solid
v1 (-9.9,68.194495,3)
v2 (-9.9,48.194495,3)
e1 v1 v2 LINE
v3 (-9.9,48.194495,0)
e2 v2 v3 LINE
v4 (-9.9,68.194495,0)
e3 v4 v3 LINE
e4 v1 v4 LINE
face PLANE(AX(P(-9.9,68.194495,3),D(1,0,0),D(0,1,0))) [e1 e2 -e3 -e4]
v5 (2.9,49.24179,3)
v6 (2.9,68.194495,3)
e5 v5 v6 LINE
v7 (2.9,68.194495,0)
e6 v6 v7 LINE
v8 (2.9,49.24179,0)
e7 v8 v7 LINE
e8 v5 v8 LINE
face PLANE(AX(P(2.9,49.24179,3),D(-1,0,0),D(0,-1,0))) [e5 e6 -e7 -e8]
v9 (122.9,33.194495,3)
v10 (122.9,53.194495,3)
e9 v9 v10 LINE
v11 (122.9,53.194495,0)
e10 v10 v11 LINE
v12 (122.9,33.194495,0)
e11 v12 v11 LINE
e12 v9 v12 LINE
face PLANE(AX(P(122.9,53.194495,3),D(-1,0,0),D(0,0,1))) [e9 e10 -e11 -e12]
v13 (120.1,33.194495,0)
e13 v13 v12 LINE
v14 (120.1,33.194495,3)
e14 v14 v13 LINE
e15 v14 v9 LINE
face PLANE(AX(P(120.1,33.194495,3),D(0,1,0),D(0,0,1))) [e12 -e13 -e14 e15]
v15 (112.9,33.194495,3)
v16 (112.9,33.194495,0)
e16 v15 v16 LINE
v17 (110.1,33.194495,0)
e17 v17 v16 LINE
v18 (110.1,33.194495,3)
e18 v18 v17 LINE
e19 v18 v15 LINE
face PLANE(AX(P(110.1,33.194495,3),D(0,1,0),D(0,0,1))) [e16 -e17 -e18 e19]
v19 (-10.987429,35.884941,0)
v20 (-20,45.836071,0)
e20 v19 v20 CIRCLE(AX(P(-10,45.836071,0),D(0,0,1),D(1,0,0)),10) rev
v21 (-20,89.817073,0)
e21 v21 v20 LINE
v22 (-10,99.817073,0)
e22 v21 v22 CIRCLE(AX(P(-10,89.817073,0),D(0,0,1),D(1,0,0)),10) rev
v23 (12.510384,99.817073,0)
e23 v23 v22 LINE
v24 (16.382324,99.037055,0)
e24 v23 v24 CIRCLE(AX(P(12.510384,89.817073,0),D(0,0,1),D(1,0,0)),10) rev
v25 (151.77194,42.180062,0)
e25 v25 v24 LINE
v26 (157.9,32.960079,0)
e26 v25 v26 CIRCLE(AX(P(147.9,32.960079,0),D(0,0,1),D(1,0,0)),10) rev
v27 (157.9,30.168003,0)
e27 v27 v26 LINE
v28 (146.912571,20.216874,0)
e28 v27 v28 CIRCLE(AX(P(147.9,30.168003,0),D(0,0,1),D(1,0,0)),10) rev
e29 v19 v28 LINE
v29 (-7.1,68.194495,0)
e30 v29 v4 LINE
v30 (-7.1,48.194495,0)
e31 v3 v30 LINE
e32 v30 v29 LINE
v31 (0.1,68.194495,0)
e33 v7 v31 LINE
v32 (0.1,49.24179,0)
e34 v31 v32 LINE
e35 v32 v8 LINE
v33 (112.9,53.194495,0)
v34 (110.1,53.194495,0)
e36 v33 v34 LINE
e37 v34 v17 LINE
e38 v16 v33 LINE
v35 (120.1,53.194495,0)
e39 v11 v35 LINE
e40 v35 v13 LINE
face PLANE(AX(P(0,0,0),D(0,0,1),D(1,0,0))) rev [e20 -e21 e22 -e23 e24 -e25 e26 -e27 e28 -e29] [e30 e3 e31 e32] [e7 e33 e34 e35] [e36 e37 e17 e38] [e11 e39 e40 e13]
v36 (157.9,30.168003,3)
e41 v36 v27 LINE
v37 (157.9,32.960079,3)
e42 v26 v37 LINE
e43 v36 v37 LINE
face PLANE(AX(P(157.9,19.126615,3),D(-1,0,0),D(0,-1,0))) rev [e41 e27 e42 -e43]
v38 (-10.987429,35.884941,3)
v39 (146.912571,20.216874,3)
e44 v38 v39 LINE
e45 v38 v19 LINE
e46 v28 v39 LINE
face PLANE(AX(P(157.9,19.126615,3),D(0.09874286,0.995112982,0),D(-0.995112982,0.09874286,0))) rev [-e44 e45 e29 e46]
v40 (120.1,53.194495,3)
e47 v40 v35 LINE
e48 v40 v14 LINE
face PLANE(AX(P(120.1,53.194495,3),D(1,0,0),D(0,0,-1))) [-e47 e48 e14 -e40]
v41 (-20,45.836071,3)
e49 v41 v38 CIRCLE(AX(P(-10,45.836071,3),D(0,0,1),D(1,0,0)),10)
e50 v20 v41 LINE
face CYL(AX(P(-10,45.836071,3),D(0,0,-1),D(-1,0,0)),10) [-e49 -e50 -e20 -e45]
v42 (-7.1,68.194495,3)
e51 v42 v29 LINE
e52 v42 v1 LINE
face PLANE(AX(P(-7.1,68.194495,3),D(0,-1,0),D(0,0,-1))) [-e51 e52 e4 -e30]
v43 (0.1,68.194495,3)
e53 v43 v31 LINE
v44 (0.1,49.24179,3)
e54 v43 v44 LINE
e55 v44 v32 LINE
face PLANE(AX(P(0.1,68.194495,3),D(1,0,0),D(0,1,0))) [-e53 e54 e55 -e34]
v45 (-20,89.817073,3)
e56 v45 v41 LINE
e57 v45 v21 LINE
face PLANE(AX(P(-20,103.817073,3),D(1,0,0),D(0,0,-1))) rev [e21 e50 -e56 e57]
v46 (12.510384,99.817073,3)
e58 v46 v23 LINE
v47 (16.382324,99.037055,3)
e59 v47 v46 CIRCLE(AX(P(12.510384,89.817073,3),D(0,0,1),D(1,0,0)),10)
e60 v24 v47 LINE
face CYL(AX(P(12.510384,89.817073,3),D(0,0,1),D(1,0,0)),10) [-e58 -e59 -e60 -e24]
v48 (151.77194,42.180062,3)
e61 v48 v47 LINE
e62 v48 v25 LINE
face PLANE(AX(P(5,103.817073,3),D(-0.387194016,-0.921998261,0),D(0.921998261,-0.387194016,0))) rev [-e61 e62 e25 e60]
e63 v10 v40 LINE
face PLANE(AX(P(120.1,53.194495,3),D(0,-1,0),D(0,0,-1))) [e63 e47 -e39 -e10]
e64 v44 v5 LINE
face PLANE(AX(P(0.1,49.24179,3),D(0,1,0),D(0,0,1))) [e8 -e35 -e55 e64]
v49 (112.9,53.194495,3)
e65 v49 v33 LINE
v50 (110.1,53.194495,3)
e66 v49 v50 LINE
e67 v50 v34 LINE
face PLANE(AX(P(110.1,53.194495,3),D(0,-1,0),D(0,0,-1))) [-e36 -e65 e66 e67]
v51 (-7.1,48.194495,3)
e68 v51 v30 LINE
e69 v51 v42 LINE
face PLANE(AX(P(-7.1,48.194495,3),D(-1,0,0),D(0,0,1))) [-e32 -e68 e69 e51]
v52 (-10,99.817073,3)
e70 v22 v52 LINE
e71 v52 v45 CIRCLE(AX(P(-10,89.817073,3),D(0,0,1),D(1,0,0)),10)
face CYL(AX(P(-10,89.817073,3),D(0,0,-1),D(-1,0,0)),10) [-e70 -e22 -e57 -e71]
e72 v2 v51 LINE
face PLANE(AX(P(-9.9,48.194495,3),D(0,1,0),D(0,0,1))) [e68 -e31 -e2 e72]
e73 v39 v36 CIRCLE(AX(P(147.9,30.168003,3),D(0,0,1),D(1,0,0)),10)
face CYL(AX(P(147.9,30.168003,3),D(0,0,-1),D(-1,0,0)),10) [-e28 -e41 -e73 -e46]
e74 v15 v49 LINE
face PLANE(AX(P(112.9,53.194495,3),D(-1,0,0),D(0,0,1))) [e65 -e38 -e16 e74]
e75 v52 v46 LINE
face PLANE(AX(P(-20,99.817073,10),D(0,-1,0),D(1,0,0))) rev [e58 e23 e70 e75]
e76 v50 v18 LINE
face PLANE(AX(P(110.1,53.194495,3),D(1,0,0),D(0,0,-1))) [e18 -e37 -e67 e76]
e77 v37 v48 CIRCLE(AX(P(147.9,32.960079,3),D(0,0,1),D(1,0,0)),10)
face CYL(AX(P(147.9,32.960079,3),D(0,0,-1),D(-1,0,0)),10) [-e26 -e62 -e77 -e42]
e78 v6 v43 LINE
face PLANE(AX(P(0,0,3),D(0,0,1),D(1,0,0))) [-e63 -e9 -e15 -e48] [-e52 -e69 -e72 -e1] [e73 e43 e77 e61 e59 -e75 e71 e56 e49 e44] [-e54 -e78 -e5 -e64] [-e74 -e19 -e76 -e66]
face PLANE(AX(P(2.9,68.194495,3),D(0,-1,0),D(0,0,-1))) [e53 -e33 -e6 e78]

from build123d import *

# Parameters (mm, degrees)
SKETCH2_W           = 2.8
SKETCH2_H           = 20
SKETCH2_H_2         = 20.000000002
SKETCH2_H_3         = 18.952705736
BOSS_EXTRUDE1_DEPTH = 3
FILLET1_R           = 10
SKETCH3_W           = 34.524922621
SKETCH3_H           = 4
CUT_EXTRUDE1_DEPTH  = 10
FILLET2_R           = 10


with BuildPart() as part:
    # Sketch2 → Boss-Extrude1 (new body)
    with BuildSketch(Plane.XY):
        Polygon((-20, 103.817072851), (5, 103.817072851), (157.9, 39.606577468), (157.9, 19.126615409), (-20, 36.779238836), align=None)
        with Locations((111.5, 43.194495368)):
            Rectangle(SKETCH2_W, SKETCH2_H, mode=Mode.SUBTRACT)
        with Locations((121.5, 43.194495368)):
            Rectangle(SKETCH2_W, SKETCH2_H, mode=Mode.SUBTRACT)
        with Locations((-8.5, 58.194495367)):
            Rectangle(SKETCH2_W, SKETCH2_H_2, mode=Mode.SUBTRACT)
        with Locations((1.5, 58.7181425)):
            Rectangle(SKETCH2_W, SKETCH2_H_3, mode=Mode.SUBTRACT)
    extrude(amount=BOSS_EXTRUDE1_DEPTH)

    # Fillet1
    fillet1_edges = [part.edges().sort_by_distance(p)[0] for p in [
        (157.9, 39.606577468, 1.5),
        (157.9, 19.126615409, 1.5),
        (-20, 36.779238836, 1.5),
    ]]
    fillet(fillet1_edges, radius=FILLET1_R)

    # Sketch3 → Cut-Extrude1 (cut)
    with BuildSketch(Plane(origin=(0, 0, 0), x_dir=(-1, 0, 0), z_dir=(0, 0, -1))):
        with Locations((2.737538689, 101.817072851)):
            Rectangle(SKETCH3_W, SKETCH3_H)
    extrude(amount=-CUT_EXTRUDE1_DEPTH, mode=Mode.SUBTRACT)

    # Fillet2
    fillet2_edges = [part.edges().sort_by_distance(p)[0] for p in [
        (14.524922621, 99.817072851, 1.5),
        (-20, 99.817072851, 1.5),
    ]]
    fillet(fillet2_edges, radius=FILLET2_R)


solid = part.part
